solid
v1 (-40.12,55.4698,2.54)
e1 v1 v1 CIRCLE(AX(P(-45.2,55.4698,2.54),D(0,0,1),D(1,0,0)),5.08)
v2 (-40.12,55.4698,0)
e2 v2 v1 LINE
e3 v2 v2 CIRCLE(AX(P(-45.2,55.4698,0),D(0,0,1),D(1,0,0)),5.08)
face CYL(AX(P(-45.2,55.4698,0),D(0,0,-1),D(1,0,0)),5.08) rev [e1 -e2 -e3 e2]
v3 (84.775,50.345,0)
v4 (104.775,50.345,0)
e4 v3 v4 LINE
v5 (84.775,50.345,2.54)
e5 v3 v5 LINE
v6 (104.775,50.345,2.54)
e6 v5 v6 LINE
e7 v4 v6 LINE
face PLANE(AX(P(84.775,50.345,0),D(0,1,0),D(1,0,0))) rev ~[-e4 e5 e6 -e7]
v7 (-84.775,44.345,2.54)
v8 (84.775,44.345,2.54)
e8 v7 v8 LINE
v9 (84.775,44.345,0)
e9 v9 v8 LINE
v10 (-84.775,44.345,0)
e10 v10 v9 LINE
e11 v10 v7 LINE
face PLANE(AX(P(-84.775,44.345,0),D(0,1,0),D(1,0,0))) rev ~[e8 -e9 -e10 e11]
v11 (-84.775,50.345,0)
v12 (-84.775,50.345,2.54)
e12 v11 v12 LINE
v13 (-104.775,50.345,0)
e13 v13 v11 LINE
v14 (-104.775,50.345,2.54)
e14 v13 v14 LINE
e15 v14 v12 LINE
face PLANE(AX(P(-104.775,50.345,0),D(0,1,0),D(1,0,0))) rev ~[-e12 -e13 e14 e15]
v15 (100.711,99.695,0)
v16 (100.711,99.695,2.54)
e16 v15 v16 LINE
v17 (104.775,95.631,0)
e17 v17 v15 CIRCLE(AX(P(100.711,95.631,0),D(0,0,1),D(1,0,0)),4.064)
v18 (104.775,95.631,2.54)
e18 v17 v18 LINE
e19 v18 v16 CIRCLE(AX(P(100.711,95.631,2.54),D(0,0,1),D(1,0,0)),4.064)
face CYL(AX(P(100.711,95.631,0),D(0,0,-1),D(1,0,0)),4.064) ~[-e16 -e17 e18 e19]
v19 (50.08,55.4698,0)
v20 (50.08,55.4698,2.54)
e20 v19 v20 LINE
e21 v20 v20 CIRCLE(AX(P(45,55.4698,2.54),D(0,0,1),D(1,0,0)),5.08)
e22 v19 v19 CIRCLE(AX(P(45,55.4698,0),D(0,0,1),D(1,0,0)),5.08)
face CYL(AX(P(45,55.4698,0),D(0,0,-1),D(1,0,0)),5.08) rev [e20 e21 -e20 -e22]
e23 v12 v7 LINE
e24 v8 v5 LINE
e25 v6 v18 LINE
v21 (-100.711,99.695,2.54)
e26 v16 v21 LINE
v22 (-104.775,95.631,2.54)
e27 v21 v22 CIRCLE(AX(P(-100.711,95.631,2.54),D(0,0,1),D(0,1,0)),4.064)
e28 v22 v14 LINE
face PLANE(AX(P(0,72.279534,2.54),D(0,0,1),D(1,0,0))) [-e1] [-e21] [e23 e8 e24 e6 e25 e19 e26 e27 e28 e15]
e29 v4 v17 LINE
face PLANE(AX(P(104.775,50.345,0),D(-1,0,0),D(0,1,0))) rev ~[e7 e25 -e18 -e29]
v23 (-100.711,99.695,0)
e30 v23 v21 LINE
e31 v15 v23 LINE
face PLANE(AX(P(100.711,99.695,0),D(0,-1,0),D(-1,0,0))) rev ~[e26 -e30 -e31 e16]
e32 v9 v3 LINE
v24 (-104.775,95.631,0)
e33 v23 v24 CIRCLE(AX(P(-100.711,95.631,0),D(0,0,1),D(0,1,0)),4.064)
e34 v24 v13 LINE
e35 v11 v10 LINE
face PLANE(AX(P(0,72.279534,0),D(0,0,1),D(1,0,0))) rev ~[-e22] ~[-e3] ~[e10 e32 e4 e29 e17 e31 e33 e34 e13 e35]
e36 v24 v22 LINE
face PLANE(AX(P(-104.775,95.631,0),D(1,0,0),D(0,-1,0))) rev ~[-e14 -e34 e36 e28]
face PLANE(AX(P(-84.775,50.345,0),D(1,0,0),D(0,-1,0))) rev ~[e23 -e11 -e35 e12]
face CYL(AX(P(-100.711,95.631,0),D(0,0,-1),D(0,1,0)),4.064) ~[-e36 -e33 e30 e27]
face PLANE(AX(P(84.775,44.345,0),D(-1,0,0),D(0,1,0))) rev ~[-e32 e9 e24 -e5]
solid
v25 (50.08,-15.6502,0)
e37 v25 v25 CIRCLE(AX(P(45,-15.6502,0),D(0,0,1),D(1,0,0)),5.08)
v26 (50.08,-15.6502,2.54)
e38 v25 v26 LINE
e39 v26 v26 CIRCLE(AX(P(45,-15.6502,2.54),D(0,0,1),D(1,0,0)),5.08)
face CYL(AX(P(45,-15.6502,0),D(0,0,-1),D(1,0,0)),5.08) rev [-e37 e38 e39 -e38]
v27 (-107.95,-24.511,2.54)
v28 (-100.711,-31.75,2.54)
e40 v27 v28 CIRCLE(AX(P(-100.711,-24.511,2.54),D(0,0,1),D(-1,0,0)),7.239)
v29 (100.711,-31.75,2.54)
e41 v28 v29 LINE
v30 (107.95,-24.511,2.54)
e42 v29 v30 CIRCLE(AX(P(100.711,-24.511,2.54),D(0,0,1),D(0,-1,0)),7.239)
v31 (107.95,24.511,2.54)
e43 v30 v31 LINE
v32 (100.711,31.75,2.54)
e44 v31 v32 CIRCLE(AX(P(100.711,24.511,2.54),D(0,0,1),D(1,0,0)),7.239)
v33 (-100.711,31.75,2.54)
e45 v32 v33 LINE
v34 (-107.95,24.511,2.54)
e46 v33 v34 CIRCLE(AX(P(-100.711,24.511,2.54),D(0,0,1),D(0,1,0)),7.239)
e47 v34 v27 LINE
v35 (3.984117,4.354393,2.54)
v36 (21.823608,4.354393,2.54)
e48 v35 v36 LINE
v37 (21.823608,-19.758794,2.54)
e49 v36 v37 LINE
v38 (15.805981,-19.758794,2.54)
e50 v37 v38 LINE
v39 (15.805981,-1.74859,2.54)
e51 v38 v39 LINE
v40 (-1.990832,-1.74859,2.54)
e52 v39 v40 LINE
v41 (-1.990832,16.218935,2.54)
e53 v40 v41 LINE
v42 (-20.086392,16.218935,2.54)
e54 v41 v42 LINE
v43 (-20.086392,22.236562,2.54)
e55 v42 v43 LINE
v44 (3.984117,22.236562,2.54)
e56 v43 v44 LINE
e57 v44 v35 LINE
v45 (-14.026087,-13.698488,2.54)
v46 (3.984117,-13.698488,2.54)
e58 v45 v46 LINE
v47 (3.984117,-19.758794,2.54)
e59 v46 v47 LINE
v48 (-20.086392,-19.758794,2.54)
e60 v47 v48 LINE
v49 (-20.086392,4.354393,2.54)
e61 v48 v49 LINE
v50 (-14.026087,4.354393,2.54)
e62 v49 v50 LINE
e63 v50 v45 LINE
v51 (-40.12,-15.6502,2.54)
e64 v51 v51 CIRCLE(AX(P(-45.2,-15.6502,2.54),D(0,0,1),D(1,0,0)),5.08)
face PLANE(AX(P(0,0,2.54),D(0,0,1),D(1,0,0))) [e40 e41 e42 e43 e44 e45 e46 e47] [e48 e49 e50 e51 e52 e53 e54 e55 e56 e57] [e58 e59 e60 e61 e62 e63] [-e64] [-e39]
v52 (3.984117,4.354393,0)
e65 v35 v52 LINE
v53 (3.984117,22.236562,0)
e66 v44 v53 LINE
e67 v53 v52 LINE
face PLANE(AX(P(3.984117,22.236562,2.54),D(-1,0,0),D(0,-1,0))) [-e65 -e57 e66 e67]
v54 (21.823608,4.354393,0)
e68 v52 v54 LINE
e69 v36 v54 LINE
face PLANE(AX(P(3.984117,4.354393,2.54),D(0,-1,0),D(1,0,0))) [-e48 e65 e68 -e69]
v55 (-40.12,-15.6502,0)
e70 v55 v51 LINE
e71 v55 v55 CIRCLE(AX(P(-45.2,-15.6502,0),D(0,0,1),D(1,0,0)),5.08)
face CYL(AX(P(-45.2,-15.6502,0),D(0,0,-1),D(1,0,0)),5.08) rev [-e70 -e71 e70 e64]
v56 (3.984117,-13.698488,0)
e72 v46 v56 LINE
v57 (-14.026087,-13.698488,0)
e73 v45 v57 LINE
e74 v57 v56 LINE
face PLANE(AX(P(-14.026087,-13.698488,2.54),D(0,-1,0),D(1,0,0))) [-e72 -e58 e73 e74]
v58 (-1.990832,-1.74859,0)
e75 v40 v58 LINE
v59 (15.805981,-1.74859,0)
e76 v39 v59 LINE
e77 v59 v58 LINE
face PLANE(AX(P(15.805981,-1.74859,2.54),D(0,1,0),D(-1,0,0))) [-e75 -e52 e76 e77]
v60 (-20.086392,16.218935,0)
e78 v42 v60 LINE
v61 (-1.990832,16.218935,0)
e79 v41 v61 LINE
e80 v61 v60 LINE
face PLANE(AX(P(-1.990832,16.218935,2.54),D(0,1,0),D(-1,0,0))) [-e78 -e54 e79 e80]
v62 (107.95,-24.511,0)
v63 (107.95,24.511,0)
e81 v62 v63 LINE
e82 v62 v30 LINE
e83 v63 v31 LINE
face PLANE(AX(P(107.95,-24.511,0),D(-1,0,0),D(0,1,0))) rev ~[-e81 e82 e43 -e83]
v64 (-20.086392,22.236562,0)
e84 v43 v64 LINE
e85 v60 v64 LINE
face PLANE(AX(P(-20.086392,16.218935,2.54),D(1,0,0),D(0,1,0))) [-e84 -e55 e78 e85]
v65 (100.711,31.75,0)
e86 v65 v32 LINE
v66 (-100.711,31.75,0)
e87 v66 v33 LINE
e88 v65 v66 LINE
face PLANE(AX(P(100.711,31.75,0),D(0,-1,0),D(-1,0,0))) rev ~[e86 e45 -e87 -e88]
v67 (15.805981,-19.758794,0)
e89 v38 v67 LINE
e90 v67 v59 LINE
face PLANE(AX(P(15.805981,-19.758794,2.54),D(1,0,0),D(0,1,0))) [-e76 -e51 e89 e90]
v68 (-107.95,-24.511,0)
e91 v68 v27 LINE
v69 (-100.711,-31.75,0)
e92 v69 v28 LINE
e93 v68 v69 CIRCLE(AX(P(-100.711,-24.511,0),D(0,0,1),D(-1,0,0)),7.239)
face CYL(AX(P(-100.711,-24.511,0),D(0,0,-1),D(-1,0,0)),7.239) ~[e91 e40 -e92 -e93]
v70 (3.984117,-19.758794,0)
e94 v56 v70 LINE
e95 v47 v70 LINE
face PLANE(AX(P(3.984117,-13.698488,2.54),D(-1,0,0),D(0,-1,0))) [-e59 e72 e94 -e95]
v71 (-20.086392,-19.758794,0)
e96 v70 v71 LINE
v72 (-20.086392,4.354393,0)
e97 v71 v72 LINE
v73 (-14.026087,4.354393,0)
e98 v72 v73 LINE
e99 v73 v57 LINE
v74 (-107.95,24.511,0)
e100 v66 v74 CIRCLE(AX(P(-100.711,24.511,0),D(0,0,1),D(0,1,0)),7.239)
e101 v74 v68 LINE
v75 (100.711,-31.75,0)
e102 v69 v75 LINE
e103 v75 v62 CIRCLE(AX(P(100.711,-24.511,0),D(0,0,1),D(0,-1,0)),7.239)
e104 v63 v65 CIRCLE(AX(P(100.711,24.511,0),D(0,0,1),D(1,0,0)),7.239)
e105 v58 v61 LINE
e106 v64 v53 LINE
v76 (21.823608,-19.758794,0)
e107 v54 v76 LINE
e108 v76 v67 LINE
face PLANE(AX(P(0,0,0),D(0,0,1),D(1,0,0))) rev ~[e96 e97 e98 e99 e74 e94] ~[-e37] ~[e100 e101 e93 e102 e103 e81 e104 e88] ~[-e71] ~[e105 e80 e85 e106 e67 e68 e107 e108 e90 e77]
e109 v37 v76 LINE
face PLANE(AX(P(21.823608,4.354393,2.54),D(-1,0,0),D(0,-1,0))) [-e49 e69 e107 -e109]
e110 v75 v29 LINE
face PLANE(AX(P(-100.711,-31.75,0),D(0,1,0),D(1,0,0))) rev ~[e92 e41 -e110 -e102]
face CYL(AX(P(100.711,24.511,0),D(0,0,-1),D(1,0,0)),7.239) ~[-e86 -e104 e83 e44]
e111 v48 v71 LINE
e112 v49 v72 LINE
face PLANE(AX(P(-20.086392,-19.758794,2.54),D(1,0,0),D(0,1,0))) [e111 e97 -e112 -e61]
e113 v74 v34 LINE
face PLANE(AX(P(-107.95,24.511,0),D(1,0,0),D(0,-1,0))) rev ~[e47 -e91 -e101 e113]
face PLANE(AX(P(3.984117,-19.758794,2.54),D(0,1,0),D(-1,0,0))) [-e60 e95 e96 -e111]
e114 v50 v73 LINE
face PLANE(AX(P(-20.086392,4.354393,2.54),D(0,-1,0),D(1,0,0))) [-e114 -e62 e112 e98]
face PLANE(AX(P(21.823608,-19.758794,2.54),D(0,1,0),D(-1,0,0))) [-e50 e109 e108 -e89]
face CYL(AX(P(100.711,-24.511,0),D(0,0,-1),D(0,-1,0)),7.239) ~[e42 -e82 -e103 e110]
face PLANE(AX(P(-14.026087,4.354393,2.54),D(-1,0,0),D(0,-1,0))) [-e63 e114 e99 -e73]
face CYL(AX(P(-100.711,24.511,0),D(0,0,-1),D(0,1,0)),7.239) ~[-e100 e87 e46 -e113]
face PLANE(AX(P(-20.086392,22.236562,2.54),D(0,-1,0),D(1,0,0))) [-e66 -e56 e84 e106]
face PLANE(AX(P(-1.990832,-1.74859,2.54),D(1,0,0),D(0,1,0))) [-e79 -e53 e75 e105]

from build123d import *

# Parameters (mm, degrees)
SKETCH1_R             = 5.08
BOSS_EXTRUDE1_DEPTH   = 2.54
BOSS_EXTRUDE1_2_DEPTH = 2.54
CUT_EXTRUDE1_DEPTH    = 147.965122138


with BuildPart() as part:
    # Sketch1 → Boss-Extrude1 (new body)
    with BuildSketch(Plane.XY):
        with BuildLine():
            Line((-52.6295, -31.75), (-37.7705, -31.75))
            Line((-37.7705, -31.75), (37.5705, -31.75))
            Line((37.5705, -31.75), (52.4295, -31.75))
            Line((52.4295, -31.75), (100.711, -31.75))
            ThreePointArc((100.711, -31.75), (105.829745989, -29.629745989), (107.95, -24.511))
            Line((107.95, -24.511), (107.95, 24.511))
            ThreePointArc((107.95, 24.511), (105.829745989, 29.629745989), (100.711, 31.75))
            Line((100.711, 31.75), (-100.711, 31.75))
            ThreePointArc((-100.711, 31.75), (-105.829745989, 29.629745989), (-107.95, 24.511))
            Line((-107.95, 24.511), (-107.95, -24.511))
            ThreePointArc((-107.95, -24.511), (-105.829745989, -29.629745989), (-100.711, -31.75))
            Line((-100.711, -31.75), (-52.6295, -31.75))
        make_face()
        with Locations((-45.2, -15.6502)):
            Circle(SKETCH1_R, mode=Mode.SUBTRACT)
        with Locations((45, -15.6502)):
            Circle(SKETCH1_R, mode=Mode.SUBTRACT)
    extrude(amount=BOSS_EXTRUDE1_DEPTH)

    # Sketch2 → Cut-Extrude1 (cut, through all)
    with BuildSketch(Plane.XY.offset(2.54)):
        Polygon((-20.086392144, 22.236562491), (3.984117021, 22.236562491), (3.984117021, 4.354393448), (21.823607856, 4.354393448), (21.823607856, -19.758793925), (15.805980564, -19.758793925), (15.805980564, -1.748590259), (-1.990832063, -1.748590259), (-1.990832063, 16.218935199), (-20.086392144, 16.218935199), align=None)
        Polygon((-20.086392144, 4.354393448), (-14.026086645, 4.354393448), (-14.026086645, -13.698488426), (3.984117021, -13.698488426), (3.984117021, -19.758793925), (-20.086392144, -19.758793925), align=None)
    extrude(amount=-CUT_EXTRUDE1_DEPTH, mode=Mode.SUBTRACT)


with BuildPart() as body_2:
    # Sketch1 → Boss-Extrude1 2 (new body)
    with BuildSketch(Plane.XY):
        with BuildLine():
            Line((100.711, 99.695), (-100.711, 99.695))
            ThreePointArc((-100.711, 99.695), (-103.584681959, 98.504681959), (-104.775, 95.631))
            Line((-104.775, 95.631), (-104.775, 50.345))
            Line((-104.775, 50.345), (-84.775, 50.345))
            Line((-84.775, 50.345), (-84.775, 44.345))
            Line((-84.775, 44.345), (84.775, 44.345))
            Line((84.775, 44.345), (84.775, 50.345))
            Line((84.775, 50.345), (104.775, 50.345))
            Line((104.775, 50.345), (104.775, 95.631))
            ThreePointArc((104.775, 95.631), (103.584681959, 98.504681959), (100.711, 99.695))
        make_face()
        with Locations((-45.2, 55.4698)):
            Circle(SKETCH1_R, mode=Mode.SUBTRACT)
        with Locations((45, 55.4698)):
            Circle(SKETCH1_R, mode=Mode.SUBTRACT)
    extrude(amount=BOSS_EXTRUDE1_2_DEPTH)


solid = Compound([part.part, body_2.part])
